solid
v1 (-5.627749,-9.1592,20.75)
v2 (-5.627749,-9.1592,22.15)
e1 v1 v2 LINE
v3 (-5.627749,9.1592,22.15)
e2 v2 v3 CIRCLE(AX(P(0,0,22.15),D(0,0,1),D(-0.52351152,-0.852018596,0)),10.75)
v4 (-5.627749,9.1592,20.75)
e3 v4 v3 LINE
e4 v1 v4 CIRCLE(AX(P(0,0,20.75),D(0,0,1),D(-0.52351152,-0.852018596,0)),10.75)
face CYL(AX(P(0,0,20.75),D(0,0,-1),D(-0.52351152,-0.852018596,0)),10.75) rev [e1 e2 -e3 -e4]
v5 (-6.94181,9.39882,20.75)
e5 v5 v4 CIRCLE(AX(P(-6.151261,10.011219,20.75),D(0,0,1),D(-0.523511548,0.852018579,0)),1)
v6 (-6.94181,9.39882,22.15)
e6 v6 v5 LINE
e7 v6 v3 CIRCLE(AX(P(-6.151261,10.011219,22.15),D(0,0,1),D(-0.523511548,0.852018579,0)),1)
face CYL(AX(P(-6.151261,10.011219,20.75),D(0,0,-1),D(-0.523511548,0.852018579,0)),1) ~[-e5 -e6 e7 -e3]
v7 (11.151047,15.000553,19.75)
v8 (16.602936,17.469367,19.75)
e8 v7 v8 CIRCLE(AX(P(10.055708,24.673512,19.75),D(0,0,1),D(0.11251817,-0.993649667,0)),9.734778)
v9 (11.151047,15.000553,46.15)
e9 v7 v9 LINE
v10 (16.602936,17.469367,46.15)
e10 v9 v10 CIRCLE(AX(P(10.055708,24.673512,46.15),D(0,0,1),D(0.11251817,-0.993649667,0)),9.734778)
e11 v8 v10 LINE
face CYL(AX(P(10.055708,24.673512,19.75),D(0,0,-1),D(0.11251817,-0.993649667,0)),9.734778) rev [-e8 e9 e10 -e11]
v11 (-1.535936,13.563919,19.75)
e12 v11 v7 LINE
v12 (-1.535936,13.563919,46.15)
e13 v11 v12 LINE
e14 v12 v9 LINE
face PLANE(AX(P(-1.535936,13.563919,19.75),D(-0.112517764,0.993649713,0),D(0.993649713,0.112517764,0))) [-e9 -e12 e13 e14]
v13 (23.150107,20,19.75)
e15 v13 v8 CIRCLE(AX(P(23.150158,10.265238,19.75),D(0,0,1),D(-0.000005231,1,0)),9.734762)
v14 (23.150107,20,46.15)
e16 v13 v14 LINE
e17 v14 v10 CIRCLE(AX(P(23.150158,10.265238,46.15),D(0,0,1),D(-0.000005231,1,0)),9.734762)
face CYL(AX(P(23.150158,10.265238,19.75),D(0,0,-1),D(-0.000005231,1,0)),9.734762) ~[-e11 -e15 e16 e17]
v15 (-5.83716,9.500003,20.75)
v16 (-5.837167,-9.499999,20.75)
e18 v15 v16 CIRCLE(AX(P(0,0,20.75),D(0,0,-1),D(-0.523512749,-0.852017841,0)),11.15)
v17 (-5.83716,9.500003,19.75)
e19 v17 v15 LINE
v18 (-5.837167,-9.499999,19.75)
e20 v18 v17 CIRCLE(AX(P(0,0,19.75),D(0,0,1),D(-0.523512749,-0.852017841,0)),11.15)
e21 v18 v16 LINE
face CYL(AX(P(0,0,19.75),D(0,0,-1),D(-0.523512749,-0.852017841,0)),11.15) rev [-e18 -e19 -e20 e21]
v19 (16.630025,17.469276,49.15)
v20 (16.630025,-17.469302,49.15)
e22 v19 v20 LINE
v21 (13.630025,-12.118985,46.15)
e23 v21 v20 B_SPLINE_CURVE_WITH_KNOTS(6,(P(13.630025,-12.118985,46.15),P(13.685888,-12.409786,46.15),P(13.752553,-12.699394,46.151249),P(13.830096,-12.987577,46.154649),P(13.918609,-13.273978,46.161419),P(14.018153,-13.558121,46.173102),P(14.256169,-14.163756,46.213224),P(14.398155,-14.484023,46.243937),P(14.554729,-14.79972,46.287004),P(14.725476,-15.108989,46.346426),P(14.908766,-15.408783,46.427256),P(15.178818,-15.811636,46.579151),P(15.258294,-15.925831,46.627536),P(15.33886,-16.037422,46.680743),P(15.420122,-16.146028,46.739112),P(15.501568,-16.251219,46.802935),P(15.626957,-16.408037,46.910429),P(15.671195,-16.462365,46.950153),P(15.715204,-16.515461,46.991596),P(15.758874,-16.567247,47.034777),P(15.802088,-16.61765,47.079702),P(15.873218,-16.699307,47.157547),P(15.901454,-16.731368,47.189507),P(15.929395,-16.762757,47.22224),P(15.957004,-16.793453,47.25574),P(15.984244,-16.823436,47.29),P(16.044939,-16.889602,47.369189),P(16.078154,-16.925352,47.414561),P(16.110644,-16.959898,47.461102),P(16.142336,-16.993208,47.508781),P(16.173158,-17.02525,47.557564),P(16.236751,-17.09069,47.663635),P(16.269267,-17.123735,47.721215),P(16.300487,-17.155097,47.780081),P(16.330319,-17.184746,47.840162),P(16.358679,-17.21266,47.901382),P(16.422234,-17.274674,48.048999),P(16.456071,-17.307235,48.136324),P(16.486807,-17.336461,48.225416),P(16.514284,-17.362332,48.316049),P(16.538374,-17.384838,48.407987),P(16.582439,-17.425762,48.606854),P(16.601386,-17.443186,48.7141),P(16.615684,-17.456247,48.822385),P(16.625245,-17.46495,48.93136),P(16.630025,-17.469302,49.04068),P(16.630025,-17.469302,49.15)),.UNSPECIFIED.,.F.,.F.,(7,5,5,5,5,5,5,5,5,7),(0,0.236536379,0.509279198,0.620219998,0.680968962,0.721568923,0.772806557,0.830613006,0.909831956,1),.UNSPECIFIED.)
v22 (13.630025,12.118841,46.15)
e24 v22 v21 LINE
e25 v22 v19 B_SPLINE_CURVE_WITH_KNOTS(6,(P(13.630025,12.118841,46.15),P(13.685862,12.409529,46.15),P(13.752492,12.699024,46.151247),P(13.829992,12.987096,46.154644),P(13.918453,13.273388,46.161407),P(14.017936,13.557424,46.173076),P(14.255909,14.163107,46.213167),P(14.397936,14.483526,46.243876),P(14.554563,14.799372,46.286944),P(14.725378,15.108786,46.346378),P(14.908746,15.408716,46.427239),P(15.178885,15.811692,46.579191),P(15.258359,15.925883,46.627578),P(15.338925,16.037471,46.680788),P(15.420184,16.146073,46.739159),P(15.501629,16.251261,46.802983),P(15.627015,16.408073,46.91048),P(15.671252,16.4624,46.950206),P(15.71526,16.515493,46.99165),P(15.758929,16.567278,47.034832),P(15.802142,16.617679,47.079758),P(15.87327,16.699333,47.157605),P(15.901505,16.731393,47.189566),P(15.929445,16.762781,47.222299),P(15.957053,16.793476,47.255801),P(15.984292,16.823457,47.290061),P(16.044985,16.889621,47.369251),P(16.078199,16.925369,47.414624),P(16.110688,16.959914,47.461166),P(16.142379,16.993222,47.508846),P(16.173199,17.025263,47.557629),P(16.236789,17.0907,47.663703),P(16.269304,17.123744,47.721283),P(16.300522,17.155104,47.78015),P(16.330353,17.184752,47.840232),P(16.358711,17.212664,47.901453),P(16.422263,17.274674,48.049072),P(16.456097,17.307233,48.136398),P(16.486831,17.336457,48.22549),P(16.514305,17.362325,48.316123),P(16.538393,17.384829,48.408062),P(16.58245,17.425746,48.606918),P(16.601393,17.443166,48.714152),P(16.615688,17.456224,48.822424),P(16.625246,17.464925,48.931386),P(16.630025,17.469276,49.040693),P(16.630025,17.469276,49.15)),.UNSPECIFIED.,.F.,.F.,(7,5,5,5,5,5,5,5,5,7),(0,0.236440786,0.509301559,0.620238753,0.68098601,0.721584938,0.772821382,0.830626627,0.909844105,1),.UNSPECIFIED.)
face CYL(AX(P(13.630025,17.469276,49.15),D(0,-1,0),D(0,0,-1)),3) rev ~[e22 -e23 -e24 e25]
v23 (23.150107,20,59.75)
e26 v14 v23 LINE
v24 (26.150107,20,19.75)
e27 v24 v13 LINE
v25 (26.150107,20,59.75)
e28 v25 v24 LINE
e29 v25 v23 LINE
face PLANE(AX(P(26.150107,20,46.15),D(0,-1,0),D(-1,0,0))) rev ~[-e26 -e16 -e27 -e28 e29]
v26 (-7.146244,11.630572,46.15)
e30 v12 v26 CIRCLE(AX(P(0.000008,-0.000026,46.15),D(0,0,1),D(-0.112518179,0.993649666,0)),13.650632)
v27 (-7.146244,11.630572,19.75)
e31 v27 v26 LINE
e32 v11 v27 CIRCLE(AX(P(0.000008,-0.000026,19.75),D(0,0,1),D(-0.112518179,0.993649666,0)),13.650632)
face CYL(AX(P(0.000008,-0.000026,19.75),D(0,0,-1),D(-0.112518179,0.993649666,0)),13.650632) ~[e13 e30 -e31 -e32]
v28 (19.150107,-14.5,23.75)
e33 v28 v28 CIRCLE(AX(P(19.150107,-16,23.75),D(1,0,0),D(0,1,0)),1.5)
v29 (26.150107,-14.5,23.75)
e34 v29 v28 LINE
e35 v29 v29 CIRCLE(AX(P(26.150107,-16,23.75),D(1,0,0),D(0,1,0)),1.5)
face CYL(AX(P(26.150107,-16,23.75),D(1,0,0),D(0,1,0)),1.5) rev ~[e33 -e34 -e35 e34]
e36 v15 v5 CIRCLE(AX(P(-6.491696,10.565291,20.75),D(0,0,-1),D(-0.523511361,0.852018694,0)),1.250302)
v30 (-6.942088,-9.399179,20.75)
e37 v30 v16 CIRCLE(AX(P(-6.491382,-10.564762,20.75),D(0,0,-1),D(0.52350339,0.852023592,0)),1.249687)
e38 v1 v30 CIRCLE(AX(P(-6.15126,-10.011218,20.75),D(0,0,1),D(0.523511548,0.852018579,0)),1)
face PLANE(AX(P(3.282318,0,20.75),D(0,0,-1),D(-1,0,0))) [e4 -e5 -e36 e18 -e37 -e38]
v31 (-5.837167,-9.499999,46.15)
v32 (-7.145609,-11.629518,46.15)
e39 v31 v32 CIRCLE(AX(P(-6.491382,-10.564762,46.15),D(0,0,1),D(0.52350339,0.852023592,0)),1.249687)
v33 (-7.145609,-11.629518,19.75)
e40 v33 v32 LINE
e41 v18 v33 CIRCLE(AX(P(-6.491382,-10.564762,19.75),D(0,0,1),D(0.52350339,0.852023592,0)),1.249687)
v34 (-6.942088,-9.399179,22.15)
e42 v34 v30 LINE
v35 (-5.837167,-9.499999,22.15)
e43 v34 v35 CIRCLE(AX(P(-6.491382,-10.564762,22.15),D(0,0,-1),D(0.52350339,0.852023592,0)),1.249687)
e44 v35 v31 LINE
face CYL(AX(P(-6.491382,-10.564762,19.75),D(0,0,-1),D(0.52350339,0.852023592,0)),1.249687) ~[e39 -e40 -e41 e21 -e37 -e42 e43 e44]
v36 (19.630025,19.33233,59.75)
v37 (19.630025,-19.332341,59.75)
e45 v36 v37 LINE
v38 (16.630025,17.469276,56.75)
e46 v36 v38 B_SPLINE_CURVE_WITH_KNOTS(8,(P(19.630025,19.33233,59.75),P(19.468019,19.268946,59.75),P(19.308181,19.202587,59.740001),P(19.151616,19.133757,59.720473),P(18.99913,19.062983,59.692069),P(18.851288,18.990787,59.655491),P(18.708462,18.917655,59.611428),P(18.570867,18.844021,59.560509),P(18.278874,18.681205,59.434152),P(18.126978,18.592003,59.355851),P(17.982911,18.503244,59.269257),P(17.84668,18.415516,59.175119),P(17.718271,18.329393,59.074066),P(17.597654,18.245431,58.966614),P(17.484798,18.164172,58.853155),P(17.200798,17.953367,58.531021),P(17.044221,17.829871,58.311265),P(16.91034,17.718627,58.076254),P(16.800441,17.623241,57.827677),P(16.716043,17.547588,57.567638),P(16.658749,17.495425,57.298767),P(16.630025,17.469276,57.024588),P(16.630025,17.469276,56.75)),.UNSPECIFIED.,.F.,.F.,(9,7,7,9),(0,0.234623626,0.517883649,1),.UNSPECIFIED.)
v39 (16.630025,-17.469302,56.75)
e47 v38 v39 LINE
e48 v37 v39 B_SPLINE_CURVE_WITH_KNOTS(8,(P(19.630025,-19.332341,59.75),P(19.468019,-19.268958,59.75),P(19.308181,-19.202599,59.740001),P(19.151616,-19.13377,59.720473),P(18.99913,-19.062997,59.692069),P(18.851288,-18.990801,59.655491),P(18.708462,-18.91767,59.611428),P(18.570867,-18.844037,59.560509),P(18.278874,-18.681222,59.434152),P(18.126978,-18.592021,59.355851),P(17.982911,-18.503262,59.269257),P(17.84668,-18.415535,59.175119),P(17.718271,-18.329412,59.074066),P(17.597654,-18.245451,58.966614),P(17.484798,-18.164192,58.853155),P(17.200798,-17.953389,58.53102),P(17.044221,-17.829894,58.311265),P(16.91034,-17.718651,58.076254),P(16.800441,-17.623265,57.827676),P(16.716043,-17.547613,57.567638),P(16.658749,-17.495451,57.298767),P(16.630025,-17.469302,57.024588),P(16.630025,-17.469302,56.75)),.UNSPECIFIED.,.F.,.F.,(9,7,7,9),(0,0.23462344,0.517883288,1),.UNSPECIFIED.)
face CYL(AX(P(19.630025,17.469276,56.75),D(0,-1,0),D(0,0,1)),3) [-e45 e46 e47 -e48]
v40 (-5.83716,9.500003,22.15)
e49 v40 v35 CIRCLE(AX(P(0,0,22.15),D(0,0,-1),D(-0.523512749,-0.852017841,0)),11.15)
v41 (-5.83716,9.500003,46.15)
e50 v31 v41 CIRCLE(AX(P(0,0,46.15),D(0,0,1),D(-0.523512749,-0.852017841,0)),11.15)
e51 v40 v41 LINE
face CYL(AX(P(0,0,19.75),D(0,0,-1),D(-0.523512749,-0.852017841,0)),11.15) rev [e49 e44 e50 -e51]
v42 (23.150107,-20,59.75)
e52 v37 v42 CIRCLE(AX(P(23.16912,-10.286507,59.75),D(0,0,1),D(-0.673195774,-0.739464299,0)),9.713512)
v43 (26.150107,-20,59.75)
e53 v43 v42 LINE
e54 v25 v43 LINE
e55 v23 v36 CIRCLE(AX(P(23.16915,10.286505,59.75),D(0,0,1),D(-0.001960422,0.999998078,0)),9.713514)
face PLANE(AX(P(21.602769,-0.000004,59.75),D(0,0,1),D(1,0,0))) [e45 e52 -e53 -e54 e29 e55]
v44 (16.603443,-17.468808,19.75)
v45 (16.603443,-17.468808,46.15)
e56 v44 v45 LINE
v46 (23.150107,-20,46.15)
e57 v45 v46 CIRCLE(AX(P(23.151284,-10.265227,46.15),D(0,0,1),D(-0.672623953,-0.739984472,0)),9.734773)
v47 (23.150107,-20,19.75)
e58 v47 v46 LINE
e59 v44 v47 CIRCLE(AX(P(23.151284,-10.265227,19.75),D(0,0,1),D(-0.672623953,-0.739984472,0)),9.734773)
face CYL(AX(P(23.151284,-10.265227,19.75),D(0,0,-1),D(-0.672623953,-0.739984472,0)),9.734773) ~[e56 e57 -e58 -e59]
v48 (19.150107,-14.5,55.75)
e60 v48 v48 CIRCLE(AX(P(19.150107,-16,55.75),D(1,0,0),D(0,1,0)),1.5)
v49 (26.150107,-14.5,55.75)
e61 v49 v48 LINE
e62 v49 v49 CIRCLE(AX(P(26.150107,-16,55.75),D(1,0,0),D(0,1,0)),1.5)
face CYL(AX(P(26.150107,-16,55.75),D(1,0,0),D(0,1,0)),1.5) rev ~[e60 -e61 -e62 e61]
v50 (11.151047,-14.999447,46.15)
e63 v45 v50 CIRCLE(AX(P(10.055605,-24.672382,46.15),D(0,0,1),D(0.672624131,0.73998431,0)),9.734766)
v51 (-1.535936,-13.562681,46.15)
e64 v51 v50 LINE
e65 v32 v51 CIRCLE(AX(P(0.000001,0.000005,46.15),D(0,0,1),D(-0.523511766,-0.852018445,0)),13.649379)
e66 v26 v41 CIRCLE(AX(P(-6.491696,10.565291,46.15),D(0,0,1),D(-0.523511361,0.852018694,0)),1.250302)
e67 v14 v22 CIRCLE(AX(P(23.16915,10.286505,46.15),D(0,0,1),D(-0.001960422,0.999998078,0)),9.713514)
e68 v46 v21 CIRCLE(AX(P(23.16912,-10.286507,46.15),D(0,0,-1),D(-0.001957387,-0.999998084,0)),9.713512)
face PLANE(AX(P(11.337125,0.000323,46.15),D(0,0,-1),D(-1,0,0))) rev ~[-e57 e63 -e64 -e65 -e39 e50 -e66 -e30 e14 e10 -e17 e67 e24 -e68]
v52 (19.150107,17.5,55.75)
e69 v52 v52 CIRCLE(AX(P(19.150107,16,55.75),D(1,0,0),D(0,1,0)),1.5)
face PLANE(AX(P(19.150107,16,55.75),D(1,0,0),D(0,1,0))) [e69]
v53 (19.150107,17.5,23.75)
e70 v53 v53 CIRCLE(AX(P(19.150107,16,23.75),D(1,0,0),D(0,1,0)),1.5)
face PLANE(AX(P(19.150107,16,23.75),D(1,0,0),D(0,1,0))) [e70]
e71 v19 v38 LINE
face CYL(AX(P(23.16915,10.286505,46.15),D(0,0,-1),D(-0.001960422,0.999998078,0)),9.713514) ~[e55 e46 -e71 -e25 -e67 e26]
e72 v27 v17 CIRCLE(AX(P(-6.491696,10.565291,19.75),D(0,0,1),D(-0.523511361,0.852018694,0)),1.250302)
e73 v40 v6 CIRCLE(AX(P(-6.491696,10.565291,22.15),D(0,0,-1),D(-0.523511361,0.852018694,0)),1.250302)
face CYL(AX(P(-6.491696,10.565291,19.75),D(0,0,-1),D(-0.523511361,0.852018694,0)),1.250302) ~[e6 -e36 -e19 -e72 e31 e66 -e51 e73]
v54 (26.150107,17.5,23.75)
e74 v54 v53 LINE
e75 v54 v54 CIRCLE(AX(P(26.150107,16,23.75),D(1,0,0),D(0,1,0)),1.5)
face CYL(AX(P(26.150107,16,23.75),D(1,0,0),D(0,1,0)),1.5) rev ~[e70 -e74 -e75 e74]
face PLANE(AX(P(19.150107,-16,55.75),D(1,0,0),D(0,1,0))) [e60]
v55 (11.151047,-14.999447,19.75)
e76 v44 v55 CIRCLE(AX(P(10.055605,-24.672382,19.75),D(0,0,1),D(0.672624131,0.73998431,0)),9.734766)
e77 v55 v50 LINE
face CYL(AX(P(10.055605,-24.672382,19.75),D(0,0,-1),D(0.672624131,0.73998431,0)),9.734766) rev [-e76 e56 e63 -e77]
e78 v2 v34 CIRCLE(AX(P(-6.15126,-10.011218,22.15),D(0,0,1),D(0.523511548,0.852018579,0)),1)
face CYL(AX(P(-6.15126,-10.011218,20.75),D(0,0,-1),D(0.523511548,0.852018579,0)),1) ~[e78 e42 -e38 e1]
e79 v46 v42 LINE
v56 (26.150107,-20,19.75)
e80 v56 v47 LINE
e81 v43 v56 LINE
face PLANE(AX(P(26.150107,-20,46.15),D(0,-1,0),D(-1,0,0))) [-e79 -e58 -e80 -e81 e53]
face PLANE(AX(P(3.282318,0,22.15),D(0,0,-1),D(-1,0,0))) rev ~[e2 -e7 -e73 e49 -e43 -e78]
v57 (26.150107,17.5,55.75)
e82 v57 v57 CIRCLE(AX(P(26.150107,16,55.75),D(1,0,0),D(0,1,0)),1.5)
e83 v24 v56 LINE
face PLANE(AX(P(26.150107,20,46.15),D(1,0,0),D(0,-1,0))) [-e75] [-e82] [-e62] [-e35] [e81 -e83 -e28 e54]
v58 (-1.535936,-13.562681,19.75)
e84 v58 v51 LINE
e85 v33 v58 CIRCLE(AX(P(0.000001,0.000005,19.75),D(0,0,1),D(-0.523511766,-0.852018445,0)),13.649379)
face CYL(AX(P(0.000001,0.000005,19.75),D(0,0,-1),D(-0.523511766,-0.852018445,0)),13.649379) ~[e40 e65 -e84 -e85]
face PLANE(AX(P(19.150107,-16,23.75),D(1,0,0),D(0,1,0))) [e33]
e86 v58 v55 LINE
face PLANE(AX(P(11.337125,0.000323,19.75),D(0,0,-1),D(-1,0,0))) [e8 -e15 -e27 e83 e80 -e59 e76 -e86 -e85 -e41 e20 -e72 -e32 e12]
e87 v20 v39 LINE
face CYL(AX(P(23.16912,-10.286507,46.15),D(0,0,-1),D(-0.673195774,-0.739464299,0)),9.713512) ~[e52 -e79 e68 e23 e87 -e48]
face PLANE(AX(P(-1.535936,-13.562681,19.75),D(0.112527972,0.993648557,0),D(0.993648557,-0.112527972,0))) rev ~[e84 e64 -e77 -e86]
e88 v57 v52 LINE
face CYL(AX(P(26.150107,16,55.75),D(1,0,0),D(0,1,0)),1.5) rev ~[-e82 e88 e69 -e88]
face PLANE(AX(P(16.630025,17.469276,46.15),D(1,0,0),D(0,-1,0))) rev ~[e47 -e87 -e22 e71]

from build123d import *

# Parameters (mm, degrees)
PAD001_DEPTH = 1.4
PAD_DEPTH    = 26.4
PAD002_DEPTH = 13.6
FILLET_R     = 3
SKETCH029_R  = 1.5
POCKET_DEPTH = 7


with BuildPart() as pad001:
    # Sketch001 → Pad001 (new body)
    with BuildSketch(Plane.XY.offset(1)):
        with BuildLine():
            ThreePointArc((-5.627749, -9.1592), (10.75, 0), (-5.627749, 9.1592))
            ThreePointArc((-6.674772, 10.863237), (-7.003279, 9.487707), (-5.627749, 9.1592))
            ThreePointArc((-6.674778, -10.863233), (12.75, -4e-06), (-6.674772, 10.863237))
            ThreePointArc((-5.627749, -9.1592), (-7.003277, -9.487704), (-6.674778, -10.863233))
        make_face()
    extrude(amount=PAD001_DEPTH)


with BuildPart() as mainblock003:
    # Sketch → Pad (new body)
    with BuildSketch(Plane.XY):
        with BuildLine():
            ThreePointArc((-5.837167, -9.499999), (11.15, -4e-06), (-5.83716, 9.500003))
            ThreePointArc((-7.146244, 11.630572), (-7.556981, 9.910749), (-5.83716, 9.500003))
            ThreePointArc((-1.535936, 13.563919), (-4.447417, 12.905792), (-7.146244, 11.630572))
            Line((-1.535936, 13.563919), (11.151047, 15.000553))
            ThreePointArc((11.151047, 15.000553), (14.071423, 15.805596), (16.602936, 17.469367))
            ThreePointArc((23.150107, 20), (19.640497, 19.345319), (16.602936, 17.469367))
            Line((26.150107, 20), (23.150107, 20))
            Line((26.150107, 20), (26.150107, -20))
            Line((26.150107, -20), (23.150107, -20))
            ThreePointArc((16.603443, -17.468808), (19.640708, -19.344966), (23.150107, -20))
            ThreePointArc((16.603443, -17.468808), (14.071743, -15.804671), (11.151047, -14.999447))
            Line((-1.535936, -13.562681), (11.151047, -14.999447))
            ThreePointArc((-7.145609, -11.629518), (-4.447087, -12.904605), (-1.535936, -13.562681))
            ThreePointArc((-5.837167, -9.499999), (-7.556142, -9.910541), (-7.145609, -11.629518))
        make_face()
    extrude(amount=PAD_DEPTH)

    # Sketch005 → Pad002 (new body)
    with BuildSketch(Plane.XY.offset(26.4)):
        with BuildLine():
            ThreePointArc((23.150107, 20), (19.654391, 19.341825), (16.630025, 17.469276))
            Line((16.630025, 17.469276), (16.630025, -17.469302))
            ThreePointArc((16.630025, -17.469302), (19.654393, -19.341837), (23.150107, -20))
            Line((26.150107, -20), (23.150107, -20))
            Line((26.150107, 20), (26.150107, -20))
            Line((26.150107, 20), (23.150107, 20))
        make_face()
    extrude(amount=PAD002_DEPTH)

    # Fillet
    fillet_edges = [mainblock003.edges().sort_by_distance(p)[0] for p in [
        (16.630025, -1.3e-05, 40),
        (16.630025, -1.3e-05, 26.4),
    ]]
    fillet(fillet_edges, radius=FILLET_R)

    # Fusion: union Pad001
    add(pad001.part)


with BuildPart() as mainblock003_1:
    # Fusion placement: moved
    add(mainblock003.part.moved(Location((0, 0, 19.75))))

    # Sketch029 → Pocket (cut)
    with BuildSketch(Plane(origin=(26.150107, 0, 19.75), x_dir=(0, 1, 0), z_dir=(1, 0, 0))):
        with Locations((-16, 36)):
            Circle(SKETCH029_R)
        with Locations((16, 36)):
            Circle(SKETCH029_R)
        with Locations((16, 4)):
            Circle(SKETCH029_R)
        with Locations((-16, 4)):
            Circle(SKETCH029_R)
    extrude(amount=-POCKET_DEPTH, mode=Mode.SUBTRACT)


solid = mainblock003_1.part
